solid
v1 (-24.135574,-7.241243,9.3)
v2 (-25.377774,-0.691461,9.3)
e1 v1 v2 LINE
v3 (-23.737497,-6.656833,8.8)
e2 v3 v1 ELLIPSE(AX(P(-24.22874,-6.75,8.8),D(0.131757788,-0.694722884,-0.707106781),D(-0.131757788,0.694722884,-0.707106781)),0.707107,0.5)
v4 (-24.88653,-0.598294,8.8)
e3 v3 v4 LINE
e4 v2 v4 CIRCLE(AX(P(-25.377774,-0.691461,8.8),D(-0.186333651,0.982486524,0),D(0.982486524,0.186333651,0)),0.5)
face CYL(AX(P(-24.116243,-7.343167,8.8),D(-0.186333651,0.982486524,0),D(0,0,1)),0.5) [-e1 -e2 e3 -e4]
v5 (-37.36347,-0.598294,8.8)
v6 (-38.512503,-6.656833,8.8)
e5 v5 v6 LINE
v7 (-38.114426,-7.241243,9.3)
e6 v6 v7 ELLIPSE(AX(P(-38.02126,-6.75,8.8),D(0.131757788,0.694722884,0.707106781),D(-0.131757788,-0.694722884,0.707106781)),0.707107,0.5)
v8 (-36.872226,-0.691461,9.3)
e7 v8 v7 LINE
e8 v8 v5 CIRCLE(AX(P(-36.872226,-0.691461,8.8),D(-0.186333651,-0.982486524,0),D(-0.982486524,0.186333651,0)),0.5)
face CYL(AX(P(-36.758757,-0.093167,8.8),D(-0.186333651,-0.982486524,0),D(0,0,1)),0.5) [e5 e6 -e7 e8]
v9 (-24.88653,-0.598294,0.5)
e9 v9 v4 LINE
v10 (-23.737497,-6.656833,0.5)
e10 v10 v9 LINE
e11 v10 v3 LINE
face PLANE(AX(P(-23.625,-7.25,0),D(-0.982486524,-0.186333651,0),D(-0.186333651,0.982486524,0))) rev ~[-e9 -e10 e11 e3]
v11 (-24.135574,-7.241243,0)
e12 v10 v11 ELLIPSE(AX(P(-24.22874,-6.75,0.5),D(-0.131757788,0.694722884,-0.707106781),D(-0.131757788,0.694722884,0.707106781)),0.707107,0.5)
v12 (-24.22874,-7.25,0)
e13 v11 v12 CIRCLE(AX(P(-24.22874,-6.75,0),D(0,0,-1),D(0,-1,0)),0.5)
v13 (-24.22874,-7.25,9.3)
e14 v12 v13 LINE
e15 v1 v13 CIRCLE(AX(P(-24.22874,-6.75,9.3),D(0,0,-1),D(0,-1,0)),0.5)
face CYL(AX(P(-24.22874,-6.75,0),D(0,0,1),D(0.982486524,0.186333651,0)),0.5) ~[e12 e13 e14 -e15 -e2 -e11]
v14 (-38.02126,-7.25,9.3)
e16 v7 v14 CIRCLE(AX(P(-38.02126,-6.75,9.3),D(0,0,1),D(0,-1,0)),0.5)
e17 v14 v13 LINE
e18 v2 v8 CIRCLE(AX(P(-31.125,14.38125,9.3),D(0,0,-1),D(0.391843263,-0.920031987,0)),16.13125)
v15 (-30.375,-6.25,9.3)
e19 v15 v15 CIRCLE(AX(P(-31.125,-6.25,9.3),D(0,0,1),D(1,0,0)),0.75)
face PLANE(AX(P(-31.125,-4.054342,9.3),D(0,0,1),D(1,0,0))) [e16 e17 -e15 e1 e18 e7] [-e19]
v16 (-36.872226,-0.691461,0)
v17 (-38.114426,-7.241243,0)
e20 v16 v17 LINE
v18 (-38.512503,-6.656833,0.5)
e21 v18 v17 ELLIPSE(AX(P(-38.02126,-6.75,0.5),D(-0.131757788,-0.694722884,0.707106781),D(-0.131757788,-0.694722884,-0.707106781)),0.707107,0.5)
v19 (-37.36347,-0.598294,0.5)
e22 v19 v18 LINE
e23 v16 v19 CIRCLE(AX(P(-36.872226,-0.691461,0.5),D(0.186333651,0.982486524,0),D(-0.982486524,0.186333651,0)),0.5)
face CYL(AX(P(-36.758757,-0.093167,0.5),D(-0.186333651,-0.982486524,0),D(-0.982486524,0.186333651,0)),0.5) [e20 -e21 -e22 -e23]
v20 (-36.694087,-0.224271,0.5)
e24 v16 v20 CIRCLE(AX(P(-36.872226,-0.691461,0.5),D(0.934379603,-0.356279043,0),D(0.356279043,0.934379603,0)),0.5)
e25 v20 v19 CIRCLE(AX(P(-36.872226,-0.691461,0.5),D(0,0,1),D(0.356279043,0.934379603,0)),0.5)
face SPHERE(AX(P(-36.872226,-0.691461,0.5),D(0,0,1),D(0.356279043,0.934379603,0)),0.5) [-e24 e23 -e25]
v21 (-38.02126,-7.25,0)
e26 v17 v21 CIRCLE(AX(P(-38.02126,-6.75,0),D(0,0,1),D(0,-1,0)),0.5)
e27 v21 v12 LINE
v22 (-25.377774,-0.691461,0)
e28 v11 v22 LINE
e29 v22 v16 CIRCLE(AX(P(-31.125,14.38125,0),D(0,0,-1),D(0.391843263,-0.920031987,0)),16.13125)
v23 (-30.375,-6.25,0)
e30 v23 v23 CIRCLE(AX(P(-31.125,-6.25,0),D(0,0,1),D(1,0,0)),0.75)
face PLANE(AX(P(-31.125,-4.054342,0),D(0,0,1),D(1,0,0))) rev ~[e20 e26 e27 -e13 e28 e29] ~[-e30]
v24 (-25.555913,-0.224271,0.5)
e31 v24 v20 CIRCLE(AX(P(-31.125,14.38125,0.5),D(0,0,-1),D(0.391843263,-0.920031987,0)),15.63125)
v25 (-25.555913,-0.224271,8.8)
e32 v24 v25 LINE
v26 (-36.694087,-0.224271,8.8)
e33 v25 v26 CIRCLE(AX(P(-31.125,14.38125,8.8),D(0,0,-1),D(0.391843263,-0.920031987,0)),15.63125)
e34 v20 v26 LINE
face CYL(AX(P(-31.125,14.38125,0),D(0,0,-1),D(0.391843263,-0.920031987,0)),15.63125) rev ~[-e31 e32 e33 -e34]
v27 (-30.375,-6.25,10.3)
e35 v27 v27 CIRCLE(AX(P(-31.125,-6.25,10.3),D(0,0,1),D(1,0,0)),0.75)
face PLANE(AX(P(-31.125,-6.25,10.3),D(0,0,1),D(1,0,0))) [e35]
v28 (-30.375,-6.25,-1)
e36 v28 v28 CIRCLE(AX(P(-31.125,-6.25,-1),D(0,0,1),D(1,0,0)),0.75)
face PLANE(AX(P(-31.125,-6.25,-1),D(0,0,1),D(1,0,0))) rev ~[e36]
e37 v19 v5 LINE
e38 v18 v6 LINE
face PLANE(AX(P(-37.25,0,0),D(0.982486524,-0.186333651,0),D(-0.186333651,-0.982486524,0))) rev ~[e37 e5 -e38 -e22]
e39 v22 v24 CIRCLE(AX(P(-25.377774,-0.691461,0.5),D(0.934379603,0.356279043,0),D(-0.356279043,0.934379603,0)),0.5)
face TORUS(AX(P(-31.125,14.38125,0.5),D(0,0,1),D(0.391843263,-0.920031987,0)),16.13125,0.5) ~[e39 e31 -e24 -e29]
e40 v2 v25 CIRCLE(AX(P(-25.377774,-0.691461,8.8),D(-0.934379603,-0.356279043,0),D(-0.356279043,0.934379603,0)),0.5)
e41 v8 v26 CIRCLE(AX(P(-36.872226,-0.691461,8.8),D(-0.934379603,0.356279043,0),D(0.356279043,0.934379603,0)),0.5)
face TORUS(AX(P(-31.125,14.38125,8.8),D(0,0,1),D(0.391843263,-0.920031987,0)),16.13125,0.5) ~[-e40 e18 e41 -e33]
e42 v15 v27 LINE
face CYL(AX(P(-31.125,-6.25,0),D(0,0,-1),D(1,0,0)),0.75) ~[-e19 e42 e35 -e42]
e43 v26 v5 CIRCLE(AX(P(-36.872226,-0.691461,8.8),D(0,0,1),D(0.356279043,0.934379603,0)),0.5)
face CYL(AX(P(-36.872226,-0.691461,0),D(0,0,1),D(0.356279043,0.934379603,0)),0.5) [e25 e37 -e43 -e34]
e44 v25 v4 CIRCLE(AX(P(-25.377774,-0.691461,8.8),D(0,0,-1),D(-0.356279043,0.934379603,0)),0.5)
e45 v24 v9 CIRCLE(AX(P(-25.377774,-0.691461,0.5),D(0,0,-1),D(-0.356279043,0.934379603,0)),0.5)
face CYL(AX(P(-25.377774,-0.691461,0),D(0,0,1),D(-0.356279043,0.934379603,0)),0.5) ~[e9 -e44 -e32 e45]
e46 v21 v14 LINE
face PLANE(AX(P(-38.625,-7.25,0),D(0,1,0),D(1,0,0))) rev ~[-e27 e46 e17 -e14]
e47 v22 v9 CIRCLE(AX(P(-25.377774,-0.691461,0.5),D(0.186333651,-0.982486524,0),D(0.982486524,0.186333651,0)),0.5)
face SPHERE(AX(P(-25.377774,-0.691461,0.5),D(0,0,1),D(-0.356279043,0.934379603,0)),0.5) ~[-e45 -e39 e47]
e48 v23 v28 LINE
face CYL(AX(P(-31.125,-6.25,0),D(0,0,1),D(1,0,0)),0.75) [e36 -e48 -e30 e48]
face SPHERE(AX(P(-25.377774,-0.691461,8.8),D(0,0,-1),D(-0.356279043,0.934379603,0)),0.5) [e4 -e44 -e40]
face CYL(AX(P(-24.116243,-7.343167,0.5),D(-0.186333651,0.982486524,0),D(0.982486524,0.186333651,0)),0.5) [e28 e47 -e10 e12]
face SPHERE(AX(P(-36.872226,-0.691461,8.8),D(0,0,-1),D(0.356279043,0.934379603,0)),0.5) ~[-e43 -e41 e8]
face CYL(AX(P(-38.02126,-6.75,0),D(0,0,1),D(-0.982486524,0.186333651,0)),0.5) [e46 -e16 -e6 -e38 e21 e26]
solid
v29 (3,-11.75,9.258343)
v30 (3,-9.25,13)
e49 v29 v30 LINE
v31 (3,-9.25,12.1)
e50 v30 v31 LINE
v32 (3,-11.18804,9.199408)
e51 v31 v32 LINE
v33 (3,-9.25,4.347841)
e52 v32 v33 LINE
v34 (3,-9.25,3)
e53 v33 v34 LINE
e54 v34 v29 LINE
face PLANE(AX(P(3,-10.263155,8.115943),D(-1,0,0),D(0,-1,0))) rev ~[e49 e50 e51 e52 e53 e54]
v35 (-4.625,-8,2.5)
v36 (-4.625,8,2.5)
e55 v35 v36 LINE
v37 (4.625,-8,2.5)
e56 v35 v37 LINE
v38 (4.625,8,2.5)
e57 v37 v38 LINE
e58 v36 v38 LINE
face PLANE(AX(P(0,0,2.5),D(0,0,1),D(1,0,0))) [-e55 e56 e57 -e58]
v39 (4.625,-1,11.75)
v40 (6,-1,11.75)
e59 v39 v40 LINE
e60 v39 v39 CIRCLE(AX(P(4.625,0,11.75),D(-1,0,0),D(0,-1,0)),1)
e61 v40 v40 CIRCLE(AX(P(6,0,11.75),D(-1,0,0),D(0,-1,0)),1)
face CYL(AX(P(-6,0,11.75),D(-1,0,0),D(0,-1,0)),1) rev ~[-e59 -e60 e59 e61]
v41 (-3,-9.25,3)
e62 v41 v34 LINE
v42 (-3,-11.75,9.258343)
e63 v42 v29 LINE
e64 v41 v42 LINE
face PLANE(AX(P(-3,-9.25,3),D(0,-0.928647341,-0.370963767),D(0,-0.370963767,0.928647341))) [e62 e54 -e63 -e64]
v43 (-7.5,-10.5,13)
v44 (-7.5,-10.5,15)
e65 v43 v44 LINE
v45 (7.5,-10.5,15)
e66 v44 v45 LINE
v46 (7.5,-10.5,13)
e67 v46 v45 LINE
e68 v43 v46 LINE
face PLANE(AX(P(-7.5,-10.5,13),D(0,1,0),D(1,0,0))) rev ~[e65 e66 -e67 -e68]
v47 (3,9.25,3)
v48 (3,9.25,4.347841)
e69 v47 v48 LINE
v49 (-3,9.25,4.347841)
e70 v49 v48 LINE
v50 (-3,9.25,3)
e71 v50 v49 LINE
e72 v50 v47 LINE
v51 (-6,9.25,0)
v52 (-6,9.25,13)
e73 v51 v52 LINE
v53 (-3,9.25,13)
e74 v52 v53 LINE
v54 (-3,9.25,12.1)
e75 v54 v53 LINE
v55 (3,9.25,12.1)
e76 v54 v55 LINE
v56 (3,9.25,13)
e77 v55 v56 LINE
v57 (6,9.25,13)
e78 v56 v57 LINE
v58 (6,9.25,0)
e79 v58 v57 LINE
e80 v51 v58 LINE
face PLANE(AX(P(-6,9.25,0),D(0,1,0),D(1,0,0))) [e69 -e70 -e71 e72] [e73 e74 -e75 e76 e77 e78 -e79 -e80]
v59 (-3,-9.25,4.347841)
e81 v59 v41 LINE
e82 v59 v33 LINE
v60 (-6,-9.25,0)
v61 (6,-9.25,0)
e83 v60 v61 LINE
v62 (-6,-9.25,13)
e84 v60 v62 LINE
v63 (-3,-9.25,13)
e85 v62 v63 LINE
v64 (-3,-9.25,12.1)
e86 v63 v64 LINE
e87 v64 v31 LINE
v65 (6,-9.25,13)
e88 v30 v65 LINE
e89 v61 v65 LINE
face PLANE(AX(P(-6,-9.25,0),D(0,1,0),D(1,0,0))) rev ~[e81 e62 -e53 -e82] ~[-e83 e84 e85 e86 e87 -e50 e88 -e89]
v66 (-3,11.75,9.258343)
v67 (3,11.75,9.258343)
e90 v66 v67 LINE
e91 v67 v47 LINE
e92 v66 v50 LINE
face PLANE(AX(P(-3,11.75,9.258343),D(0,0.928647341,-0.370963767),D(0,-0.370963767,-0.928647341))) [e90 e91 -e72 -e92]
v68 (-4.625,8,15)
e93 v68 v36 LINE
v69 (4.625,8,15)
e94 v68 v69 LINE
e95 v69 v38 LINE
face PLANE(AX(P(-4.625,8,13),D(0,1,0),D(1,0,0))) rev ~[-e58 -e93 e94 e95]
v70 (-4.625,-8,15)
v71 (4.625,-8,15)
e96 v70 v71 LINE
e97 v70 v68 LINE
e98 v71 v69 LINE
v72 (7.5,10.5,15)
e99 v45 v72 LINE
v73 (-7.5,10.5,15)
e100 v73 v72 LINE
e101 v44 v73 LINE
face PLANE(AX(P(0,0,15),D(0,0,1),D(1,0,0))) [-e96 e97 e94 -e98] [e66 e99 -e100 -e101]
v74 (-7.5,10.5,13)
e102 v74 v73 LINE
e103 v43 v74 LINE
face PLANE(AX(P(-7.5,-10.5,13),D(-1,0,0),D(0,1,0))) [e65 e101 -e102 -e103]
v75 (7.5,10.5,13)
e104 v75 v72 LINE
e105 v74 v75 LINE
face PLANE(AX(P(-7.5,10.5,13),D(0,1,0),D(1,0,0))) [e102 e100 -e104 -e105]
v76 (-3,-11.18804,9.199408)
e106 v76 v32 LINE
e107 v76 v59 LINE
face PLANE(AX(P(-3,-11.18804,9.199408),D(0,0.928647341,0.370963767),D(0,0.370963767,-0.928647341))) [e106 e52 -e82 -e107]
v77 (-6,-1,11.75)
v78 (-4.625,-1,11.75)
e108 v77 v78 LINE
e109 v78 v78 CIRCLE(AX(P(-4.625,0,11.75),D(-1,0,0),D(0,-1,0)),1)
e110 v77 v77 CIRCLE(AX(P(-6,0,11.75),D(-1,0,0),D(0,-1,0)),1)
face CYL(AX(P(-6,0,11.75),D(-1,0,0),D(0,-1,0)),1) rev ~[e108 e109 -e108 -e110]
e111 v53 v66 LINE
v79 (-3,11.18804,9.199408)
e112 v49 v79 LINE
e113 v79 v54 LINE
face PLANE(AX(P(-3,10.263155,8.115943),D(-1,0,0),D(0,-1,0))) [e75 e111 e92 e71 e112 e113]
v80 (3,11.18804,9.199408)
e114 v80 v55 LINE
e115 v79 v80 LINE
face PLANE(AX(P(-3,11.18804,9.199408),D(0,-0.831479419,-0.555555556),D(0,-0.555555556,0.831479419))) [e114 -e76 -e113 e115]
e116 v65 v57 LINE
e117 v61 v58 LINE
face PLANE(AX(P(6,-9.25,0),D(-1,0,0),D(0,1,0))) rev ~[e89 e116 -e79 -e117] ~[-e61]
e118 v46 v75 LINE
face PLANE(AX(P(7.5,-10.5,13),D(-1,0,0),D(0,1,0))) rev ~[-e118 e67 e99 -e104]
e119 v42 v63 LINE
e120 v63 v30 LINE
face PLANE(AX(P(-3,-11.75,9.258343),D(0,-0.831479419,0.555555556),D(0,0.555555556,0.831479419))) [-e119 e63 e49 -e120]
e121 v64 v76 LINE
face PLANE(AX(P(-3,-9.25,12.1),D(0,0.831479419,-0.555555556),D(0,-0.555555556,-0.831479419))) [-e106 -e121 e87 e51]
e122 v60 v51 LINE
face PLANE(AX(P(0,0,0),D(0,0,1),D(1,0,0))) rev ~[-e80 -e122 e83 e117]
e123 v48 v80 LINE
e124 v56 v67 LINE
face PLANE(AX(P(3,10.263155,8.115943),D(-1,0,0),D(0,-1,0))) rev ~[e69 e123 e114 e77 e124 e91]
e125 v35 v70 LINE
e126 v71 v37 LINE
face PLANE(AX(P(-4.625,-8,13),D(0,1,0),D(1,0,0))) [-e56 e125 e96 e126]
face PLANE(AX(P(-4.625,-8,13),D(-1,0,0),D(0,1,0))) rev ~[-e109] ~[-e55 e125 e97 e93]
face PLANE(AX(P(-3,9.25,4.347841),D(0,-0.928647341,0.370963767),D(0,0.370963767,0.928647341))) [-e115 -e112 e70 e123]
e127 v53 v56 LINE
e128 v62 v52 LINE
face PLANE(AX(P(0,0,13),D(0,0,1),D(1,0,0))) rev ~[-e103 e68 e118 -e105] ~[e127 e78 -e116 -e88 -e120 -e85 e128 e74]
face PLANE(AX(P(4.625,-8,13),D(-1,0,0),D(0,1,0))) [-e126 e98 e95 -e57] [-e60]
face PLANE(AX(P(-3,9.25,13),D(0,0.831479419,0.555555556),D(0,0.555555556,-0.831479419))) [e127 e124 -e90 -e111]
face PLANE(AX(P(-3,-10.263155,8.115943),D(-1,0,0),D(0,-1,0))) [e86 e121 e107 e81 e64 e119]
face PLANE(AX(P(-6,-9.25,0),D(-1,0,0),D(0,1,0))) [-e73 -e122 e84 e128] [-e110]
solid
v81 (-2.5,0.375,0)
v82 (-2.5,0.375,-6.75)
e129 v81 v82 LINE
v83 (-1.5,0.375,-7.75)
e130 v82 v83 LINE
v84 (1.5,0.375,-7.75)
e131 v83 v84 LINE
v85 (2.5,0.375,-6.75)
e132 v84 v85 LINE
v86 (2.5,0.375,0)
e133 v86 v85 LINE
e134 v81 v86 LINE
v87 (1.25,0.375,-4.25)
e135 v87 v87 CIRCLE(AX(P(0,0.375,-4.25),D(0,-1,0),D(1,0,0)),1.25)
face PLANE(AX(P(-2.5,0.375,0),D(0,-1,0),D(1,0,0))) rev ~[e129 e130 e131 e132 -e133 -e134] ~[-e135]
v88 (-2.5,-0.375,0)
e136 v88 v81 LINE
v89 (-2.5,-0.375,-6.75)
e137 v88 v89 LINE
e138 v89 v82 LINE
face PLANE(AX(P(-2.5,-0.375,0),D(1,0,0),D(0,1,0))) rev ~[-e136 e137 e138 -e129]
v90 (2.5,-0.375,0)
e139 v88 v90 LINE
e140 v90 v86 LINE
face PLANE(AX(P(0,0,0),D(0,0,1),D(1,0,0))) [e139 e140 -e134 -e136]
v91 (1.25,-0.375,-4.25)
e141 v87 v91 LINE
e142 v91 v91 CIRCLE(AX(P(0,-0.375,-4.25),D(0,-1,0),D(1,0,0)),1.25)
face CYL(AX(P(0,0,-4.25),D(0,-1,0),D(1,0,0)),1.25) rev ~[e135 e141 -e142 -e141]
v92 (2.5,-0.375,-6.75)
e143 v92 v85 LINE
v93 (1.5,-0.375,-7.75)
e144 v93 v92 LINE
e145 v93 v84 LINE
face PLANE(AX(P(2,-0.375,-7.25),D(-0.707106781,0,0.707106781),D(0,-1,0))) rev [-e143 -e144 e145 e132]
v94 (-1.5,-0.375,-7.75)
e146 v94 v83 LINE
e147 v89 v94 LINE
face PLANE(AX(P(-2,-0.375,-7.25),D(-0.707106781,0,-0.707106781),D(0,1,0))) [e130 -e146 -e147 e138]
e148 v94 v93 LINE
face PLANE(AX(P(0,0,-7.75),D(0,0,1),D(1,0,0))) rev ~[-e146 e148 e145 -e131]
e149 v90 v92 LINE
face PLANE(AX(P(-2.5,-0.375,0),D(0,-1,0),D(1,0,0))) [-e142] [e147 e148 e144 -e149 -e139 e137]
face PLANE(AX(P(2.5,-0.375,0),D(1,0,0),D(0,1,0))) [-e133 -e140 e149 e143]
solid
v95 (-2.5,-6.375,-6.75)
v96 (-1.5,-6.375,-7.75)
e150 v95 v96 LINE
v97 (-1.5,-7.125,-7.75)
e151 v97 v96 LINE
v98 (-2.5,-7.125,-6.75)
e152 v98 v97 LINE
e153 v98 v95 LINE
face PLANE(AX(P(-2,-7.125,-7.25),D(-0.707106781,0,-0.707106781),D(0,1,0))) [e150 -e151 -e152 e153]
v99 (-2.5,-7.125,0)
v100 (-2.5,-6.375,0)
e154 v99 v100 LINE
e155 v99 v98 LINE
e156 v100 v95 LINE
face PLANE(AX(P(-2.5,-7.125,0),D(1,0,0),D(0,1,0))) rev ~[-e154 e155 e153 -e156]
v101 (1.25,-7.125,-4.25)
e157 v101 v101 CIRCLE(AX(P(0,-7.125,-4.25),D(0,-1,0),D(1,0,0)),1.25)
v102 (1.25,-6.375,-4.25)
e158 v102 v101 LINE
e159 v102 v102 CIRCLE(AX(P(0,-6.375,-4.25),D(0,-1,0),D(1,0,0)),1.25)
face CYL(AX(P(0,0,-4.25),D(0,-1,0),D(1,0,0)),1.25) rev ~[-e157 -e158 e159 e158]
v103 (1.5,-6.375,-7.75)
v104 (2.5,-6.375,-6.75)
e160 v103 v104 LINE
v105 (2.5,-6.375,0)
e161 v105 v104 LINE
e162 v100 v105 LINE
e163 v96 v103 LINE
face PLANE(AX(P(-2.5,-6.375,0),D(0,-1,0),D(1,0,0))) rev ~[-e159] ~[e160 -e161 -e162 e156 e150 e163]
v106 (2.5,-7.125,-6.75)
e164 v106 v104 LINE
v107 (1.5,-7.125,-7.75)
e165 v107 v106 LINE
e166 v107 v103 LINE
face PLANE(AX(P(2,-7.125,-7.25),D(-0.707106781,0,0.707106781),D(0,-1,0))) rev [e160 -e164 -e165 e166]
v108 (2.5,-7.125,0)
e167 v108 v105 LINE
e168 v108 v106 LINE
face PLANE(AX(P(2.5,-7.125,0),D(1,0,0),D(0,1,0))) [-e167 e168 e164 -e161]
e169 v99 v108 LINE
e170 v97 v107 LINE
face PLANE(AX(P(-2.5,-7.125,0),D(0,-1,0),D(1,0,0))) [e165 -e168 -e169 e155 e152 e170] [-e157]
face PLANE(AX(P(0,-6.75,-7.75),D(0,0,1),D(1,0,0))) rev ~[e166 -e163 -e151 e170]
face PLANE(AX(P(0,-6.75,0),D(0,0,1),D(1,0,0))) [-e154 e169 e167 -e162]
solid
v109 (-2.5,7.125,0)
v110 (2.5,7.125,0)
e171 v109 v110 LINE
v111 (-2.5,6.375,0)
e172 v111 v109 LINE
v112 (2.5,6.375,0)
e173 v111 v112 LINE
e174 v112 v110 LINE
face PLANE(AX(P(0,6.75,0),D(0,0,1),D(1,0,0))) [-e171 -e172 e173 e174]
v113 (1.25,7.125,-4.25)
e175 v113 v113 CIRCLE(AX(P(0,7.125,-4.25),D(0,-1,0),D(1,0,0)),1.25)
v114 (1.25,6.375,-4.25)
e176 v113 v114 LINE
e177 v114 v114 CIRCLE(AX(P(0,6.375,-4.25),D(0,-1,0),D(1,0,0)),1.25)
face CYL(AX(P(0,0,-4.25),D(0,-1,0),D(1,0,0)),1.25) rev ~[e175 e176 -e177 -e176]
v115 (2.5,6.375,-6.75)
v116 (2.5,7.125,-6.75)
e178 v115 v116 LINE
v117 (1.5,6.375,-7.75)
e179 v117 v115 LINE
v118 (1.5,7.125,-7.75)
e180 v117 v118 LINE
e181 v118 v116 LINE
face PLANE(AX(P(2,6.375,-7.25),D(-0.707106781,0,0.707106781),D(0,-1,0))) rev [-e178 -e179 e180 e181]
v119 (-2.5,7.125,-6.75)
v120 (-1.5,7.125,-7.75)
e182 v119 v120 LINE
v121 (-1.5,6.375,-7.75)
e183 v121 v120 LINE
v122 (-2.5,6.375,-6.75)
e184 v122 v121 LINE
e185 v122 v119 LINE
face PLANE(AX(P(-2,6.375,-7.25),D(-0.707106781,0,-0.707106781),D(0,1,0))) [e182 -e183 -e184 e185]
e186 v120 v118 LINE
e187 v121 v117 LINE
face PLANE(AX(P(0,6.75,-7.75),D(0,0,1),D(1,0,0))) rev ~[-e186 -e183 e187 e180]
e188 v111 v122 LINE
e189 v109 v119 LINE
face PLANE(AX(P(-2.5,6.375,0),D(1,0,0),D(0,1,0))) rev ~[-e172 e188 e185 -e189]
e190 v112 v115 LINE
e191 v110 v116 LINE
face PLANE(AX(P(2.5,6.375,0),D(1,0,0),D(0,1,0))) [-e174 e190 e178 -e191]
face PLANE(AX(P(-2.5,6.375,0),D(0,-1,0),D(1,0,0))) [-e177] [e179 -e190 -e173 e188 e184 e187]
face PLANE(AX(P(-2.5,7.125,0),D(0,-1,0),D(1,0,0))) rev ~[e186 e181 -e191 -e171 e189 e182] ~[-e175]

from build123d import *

# Parameters (mm, degrees)
F0_W           = 5
F0_H           = 0.75
F1_DEPTH       = 7.75
F0_W_2         = 12
F0_H_2         = 18.5
F0_W_3         = 9.25
F0_H_3         = 16
F2_DEPTH       = 13
F3_DEPTH       = 2.5
F4_START       = 13
F0_W_4         = 15
F0_H_4         = 21
F4_DEPTH       = 2
F5_R           = 1
F6_DEPTH       = 13.501
F7_START       = -3
F7_DEPTH       = 6
F8_R           = 1.25
F9_DEPTH       = 12.5
F10_SIZE       = 1
F10_2_SIZE     = 1
F10_3_SIZE     = 1
F11_R          = 0.75
F12_DEPTH      = 9.3
F13_DEPTH      = 10.3
F13_DEPTH_BACK = 1
F14_R          = 0.5


with BuildPart() as f1:
    # F0 (on Top) → F1 (new body)
    with BuildSketch(Plane.XY):
        Rectangle(F0_W, F0_H)
    extrude(amount=-F1_DEPTH)


with BuildPart() as f1b:
    # F0 (on Top) → F1, piece 2 (new body)
    with BuildSketch(Plane.XY):
        with Locations((0, 6.75)):
            Rectangle(F0_W, F0_H)
    extrude(amount=-F1_DEPTH)


with BuildPart() as f1c:
    # F0 (on Top) → F1, piece 3 (new body)
    with BuildSketch(Plane.XY):
        with Locations((0, -6.75)):
            Rectangle(F0_W, F0_H)
    extrude(amount=-F1_DEPTH)


with BuildPart() as f2:
    # F0 (on Top) → F2 (new body)
    with BuildSketch(Plane.XY):
        Rectangle(F0_W_2, F0_H_2)
        Rectangle(F0_W_3, F0_H_3, mode=Mode.SUBTRACT)
    extrude(amount=F2_DEPTH)

    # F0 (on Top) → F3 (join)
    with BuildSketch(Plane.XY):
        Rectangle(F0_W_3, F0_H_3)
        with Locations((0, -6.75)):
            Rectangle(F0_W, F0_H, mode=Mode.SUBTRACT)
        Rectangle(F0_W, F0_H, mode=Mode.SUBTRACT)
        with Locations((0, 6.75)):
            Rectangle(F0_W, F0_H, mode=Mode.SUBTRACT)
        with Locations((0, 6.75)):
            Rectangle(F0_W, F0_H)
        Rectangle(F0_W, F0_H)
        with Locations((0, -6.75)):
            Rectangle(F0_W, F0_H)
    extrude(amount=F3_DEPTH)

    # F0 (on Top) → F4 (join)
    with BuildSketch(Plane.XY.offset(F4_START)):
        Rectangle(F0_W_4, F0_H_4)
        Rectangle(F0_W_2, F0_H_2, mode=Mode.SUBTRACT)
        Rectangle(F0_W_2, F0_H_2)
        Rectangle(F0_W_3, F0_H_3, mode=Mode.SUBTRACT)
    extrude(amount=F4_DEPTH)

    # F5 (on face) → F6 (cut, through all)
    with BuildSketch(Plane(origin=(-6, 0, 0), x_dir=(0, -1, 0), z_dir=(-1, 0, 0))):
        with Locations((0, 11.75)):
            Circle(F5_R)
    extrude(amount=-F6_DEPTH, mode=Mode.SUBTRACT)

    # F5 (on face) → F7 (join)
    with BuildSketch(Plane(origin=(-6, 0, 0), x_dir=(0, -1, 0), z_dir=(-1, 0, 0)).offset(F7_START)):
        Polygon((-9.25, 12.1), (-9.25, 13), (-11.75, 9.2583426132), (-9.25, 3), (-9.25, 4.3478405286), (-11.1880398678, 9.199407525), align=None)
        Polygon((11.75, 9.2583426132), (9.25, 13), (9.25, 12.1), (11.1880398678, 9.199407525), (9.25, 4.3478405286), (9.25, 3), align=None)
    extrude(amount=-F7_DEPTH)


with BuildPart() as f9_tool:
    # F8 (on Front) → F9 (new body, symmetric)
    with BuildSketch(Plane.XZ):
        with Locations((0, -4.25)):
            Circle(F8_R)
    extrude(amount=F9_DEPTH, both=True)


with BuildPart() as f1_1:
    add(f1.part)

    # F9: cut by f9_tool
    add(f9_tool.part, mode=Mode.SUBTRACT)

    # F10#2
    f10_2_edges = [f1_1.edges().sort_by_distance(p)[0] for p in [
        (-2.5, 0, -7.75),
        (2.5, 0, -7.75),
    ]]
    chamfer(f10_2_edges, length=F10_2_SIZE)


with BuildPart() as f1b_1:
    add(f1b.part)

    # F9: cut by f9_tool
    add(f9_tool.part, mode=Mode.SUBTRACT)

    # F10
    f10_edges = [f1b_1.edges().sort_by_distance(p)[0] for p in [
        (2.5, 6.75, -7.75),
        (-2.5, 6.75, -7.75),
    ]]
    chamfer(f10_edges, length=F10_SIZE)


with BuildPart() as f1c_1:
    add(f1c.part)

    # F9: cut by f9_tool
    add(f9_tool.part, mode=Mode.SUBTRACT)

    # F10#3
    f10_3_edges = [f1c_1.edges().sort_by_distance(p)[0] for p in [
        (-2.5, -6.75, -7.75),
        (2.5, -6.75, -7.75),
    ]]
    chamfer(f10_3_edges, length=F10_3_SIZE)


with BuildPart() as f12:
    # F11 (on Top) → F12 (new body)
    with BuildSketch(Plane.XY):
        with BuildLine():
            ThreePointArc((-25, 0), (-31.125, -1.25), (-37.25, 0))
            Line((-37.25, 0), (-38.625, -7.25))
            Line((-38.625, -7.25), (-23.625, -7.25))
            Line((-23.625, -7.25), (-25, 0))
        make_face()
        with Locations((-31.125, -6.25)):
            Circle(F11_R, mode=Mode.SUBTRACT)
    extrude(amount=F12_DEPTH)

    # F11 (on Top) → F13 (join, two sides)
    with BuildSketch(Plane.XY) as f13_sk:
        with Locations((-31.125, -6.25)):
            Circle(F11_R)
    extrude(amount=F13_DEPTH)
    extrude(f13_sk.sketch, amount=-F13_DEPTH_BACK)

    # F14
    f14_edges = [f12.edges().sort_by_distance(p)[0] for p in [
        (-25, 0, 4.65),
        (-37.25, 0, 4.65),
        (-31.125, -1.25, 0),
        (-31.125, -1.25, 9.3),
        (-38.625, -7.25, 4.65),
        (-37.9375, -3.625, 0),
        (-37.9375, -3.625, 9.3),
        (-23.625, -7.25, 4.65),
        (-24.3125, -3.625, 0),
        (-24.3125, -3.625, 9.3),
    ]]
    fillet(f14_edges, radius=F14_R)


solid = Compound([f2.part, f1_1.part, f1b_1.part, f1c_1.part, f12.part])
